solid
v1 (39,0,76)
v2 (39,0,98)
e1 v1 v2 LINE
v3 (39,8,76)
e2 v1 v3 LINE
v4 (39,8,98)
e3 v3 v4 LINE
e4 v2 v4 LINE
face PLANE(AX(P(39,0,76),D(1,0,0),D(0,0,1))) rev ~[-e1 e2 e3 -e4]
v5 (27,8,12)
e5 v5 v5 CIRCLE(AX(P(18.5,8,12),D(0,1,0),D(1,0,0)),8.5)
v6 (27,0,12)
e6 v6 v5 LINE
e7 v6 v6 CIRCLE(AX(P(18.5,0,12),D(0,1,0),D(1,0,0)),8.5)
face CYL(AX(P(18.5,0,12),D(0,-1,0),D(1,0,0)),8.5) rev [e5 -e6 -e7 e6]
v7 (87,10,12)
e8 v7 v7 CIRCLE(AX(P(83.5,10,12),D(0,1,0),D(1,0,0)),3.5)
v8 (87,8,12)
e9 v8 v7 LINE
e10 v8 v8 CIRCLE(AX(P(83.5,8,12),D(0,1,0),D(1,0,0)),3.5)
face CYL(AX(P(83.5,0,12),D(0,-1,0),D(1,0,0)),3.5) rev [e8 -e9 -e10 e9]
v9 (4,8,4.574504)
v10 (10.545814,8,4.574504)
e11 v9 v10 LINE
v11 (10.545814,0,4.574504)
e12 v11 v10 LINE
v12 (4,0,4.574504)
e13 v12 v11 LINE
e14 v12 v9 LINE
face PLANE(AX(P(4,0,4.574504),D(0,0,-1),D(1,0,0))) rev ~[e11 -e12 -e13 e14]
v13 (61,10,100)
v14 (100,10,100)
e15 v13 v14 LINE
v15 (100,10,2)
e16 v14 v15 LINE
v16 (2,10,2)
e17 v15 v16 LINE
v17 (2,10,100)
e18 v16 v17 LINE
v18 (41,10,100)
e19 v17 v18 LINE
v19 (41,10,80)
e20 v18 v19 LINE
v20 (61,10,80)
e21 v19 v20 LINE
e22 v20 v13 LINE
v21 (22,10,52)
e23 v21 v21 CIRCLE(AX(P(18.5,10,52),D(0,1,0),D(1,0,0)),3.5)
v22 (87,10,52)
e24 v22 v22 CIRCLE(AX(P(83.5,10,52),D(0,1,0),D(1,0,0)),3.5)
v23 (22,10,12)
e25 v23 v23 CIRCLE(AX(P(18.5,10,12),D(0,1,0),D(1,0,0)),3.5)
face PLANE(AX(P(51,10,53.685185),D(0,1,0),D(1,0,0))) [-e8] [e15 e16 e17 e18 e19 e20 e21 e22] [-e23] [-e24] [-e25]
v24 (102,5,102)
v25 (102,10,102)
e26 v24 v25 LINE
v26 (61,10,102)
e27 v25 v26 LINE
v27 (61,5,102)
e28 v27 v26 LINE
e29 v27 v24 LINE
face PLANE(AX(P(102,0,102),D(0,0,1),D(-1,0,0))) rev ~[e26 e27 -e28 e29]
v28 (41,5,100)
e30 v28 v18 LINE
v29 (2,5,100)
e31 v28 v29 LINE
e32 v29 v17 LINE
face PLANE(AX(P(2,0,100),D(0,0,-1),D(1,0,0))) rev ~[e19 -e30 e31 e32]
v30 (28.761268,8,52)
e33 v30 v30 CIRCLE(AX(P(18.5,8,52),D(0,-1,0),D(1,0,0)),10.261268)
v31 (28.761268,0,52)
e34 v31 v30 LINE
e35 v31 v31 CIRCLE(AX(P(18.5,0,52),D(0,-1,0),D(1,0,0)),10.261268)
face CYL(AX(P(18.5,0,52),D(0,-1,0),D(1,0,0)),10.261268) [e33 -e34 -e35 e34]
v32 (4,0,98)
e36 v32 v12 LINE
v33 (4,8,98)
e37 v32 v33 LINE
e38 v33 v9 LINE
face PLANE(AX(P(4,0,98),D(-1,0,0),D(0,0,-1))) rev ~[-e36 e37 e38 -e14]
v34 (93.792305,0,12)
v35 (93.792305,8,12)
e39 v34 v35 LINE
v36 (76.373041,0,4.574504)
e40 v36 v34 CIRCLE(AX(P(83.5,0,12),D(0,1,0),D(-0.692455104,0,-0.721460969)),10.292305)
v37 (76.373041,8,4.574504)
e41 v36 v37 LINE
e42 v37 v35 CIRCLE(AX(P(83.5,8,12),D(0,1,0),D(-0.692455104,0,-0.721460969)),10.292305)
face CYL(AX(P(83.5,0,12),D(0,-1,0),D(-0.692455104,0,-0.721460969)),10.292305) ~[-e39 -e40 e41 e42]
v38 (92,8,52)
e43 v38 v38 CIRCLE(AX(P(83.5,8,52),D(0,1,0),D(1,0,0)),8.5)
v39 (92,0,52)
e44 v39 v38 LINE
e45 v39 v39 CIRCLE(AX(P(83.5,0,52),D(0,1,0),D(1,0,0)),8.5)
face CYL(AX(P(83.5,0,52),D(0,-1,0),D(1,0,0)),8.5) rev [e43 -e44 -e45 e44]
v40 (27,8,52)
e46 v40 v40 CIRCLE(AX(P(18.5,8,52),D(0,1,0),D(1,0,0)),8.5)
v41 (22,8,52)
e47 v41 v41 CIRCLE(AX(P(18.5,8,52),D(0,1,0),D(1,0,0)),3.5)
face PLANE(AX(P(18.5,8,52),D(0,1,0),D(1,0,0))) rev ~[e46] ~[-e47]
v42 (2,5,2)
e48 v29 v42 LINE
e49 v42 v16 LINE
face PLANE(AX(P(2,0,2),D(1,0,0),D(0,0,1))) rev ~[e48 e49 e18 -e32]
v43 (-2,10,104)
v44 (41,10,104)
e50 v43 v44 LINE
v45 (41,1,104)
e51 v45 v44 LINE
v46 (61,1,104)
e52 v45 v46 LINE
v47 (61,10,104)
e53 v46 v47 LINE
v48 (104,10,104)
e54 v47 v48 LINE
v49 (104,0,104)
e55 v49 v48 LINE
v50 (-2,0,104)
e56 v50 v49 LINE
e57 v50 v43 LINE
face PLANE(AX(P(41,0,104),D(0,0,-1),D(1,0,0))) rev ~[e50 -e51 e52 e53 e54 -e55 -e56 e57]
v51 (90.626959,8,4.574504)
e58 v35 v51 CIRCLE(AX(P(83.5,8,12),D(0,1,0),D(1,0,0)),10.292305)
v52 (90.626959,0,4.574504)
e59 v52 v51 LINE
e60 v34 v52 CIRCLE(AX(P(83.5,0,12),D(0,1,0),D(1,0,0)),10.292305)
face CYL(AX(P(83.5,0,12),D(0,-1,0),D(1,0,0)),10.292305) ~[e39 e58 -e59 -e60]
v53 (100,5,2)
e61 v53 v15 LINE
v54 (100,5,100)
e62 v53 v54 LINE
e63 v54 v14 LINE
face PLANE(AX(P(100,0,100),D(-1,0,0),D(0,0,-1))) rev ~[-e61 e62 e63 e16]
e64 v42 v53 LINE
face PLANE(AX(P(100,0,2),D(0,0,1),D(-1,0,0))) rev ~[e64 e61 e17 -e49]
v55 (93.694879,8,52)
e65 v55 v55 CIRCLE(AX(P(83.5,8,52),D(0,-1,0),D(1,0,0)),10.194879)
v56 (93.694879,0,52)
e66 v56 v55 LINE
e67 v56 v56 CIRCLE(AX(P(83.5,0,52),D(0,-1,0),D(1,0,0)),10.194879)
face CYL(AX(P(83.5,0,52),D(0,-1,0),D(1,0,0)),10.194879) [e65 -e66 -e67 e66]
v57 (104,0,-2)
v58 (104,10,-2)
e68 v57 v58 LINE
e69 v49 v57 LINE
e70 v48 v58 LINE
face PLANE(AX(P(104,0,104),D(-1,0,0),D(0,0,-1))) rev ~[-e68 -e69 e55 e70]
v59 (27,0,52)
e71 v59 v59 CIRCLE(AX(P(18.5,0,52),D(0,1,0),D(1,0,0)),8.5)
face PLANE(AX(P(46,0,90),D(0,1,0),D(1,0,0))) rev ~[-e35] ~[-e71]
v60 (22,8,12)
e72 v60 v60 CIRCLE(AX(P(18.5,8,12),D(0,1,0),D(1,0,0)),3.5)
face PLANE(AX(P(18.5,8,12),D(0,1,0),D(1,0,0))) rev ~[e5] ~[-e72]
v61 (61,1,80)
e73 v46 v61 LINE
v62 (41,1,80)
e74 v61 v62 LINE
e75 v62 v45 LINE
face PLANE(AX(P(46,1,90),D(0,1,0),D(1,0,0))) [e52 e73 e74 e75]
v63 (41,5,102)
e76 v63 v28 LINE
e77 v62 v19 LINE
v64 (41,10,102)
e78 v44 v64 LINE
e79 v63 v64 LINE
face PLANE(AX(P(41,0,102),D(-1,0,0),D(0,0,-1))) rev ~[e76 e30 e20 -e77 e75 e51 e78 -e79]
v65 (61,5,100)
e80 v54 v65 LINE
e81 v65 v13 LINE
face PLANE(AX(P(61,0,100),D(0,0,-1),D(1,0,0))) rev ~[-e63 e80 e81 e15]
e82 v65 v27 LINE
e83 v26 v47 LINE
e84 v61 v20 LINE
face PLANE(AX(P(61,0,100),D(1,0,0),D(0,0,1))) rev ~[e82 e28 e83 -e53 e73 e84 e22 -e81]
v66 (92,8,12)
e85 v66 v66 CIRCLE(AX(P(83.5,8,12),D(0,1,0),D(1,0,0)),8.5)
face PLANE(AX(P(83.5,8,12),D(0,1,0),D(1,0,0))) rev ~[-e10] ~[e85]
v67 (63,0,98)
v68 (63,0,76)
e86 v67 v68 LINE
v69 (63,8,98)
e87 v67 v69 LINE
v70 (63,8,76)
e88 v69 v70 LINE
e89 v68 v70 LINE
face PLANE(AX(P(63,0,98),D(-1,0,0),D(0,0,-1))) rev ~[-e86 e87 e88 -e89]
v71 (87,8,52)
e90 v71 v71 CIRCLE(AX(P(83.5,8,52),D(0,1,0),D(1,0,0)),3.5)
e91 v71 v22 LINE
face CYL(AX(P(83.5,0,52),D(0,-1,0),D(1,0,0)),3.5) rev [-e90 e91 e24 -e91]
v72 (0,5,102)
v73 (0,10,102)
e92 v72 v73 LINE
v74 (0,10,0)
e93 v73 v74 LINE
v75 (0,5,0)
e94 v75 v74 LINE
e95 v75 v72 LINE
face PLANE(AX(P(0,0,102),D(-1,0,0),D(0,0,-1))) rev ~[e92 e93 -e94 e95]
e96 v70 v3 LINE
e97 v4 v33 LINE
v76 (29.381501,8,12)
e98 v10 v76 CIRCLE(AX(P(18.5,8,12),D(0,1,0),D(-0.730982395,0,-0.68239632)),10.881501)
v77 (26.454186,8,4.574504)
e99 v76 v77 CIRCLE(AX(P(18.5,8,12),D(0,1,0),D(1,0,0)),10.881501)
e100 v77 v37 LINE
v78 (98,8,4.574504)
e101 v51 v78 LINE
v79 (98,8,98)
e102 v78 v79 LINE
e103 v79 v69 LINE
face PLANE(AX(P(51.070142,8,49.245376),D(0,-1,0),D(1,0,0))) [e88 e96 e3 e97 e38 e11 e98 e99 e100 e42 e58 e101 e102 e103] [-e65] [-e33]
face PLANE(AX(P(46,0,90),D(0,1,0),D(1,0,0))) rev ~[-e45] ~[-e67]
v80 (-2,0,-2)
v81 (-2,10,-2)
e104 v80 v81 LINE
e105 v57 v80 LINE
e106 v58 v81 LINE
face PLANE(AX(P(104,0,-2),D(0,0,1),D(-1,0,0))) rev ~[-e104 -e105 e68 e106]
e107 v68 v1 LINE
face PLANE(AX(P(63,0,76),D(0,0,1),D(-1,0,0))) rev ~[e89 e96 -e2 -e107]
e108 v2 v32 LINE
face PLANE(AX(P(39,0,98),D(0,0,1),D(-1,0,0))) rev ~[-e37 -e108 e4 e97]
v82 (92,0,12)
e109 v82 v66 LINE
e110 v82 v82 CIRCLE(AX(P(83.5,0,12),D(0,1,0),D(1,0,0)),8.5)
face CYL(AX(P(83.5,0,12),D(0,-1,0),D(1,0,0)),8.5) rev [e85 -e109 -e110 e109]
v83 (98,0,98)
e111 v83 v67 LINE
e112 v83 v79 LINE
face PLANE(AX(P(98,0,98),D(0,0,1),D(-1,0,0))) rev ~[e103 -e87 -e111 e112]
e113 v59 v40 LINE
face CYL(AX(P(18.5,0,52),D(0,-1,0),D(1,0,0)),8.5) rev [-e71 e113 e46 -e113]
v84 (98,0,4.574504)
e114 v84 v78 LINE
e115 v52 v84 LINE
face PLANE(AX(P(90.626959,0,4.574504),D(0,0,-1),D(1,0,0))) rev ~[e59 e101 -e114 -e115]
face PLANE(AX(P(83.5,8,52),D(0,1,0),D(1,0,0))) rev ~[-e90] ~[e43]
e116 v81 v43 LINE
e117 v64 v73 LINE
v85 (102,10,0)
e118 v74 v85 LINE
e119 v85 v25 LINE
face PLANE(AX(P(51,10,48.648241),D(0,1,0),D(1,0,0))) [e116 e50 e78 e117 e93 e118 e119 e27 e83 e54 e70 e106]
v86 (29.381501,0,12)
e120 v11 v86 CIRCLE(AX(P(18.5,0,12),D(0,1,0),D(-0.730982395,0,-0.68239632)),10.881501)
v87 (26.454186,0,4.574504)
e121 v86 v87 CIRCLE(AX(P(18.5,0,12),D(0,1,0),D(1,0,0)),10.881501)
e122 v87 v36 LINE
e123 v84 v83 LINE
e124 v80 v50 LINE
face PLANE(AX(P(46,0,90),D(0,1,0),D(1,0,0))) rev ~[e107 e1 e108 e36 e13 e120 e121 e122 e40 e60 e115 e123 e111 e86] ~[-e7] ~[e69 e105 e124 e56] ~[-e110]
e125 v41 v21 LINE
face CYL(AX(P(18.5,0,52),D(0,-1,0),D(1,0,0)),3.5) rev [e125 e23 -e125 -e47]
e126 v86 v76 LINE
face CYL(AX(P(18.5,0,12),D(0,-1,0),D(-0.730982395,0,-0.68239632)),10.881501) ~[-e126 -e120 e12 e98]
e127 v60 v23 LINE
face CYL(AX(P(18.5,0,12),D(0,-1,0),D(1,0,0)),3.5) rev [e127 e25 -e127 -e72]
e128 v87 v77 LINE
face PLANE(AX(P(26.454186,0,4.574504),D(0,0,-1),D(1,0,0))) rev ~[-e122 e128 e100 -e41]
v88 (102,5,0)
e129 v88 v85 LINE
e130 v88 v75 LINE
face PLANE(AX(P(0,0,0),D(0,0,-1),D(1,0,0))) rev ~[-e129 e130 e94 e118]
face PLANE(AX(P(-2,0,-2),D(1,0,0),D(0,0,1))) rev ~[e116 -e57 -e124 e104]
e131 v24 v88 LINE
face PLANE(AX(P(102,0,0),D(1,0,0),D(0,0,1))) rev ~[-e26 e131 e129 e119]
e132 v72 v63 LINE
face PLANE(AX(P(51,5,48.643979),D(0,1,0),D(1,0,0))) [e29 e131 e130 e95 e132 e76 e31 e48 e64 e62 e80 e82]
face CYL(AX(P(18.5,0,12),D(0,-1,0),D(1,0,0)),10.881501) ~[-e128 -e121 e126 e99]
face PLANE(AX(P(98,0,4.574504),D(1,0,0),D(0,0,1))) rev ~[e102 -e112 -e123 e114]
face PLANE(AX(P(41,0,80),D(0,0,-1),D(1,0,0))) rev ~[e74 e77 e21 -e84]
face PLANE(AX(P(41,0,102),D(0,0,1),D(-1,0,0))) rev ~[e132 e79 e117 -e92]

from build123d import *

# Parameters (mm, degrees)
BOSS_EXTRUDE1_DEPTH   = 10
SKETCH1_R             = 3.5
BOSS_EXTRUDE1_2_DEPTH = 10
BOSS_EXTRUDE2_DEPTH   = 5
SKETCH1_6_W           = 20
SKETCH1_6_H           = 24
BOSS_EXTRUDE3_DEPTH   = 1
SKETCH1_7_R           = 8.5
SKETCH1_7_R_2         = 3.5
CUT_EXTRUDE1_DEPTH    = 8
SKETCH2_R             = 10.261268268
SKETCH2_R_2           = 10.194878558
CUT_EXTRUDE4_DEPTH    = 8


with BuildPart() as part:
    # Sketch1 → Boss-Extrude1 (new body)
    with BuildSketch(Plane(origin=(0, 0, 0), x_dir=(1, 0, 0), z_dir=(0, 1, 0))):
        Polygon((0, -102), (0, 0), (102, 0), (102, -102), (61, -102), (61, -104), (104, -104), (104, 2), (-2, 2), (-2, -104), (41, -104), (41, -102), align=None)
    extrude(amount=BOSS_EXTRUDE1_DEPTH)



with BuildPart() as body_2:
    # Sketch1 → Boss-Extrude1 2 (new body)
    with BuildSketch(Plane(origin=(0, 0, 0), x_dir=(1, 0, 0), z_dir=(0, 1, 0))):
        Polygon((2, -100), (41, -100), (41, -80), (61, -80), (61, -100), (100, -100), (100, -2), (2, -2), align=None)
        with Locations((18.5, -52)):
            Circle(SKETCH1_R, mode=Mode.SUBTRACT)
        with Locations((83.5, -52)):
            Circle(SKETCH1_R, mode=Mode.SUBTRACT)
        with Locations((18.5, -12)):
            Circle(SKETCH1_R, mode=Mode.SUBTRACT)
        with Locations((83.5, -12)):
            Circle(SKETCH1_R, mode=Mode.SUBTRACT)
    extrude(amount=BOSS_EXTRUDE1_2_DEPTH)


with BuildPart() as part_1:
    add(part.part)

    add(body_2.part)  # Boss-Extrude2 merges body 2
    # Sketch1<5> → Boss-Extrude2 (add)
    with BuildSketch(Plane(origin=(0, 0, 0), x_dir=(1, 0, 0), z_dir=(0, 1, 0))):
        Polygon((102, 0), (0, 0), (0, -102), (41, -102), (41, -100), (2, -100), (2, -2), (100, -2), (100, -100), (61, -100), (61, -102), (102, -102), align=None)
    extrude(amount=BOSS_EXTRUDE2_DEPTH)

    # Sketch1<6> → Boss-Extrude3 (add)
    with BuildSketch(Plane(origin=(0, 0, 0), x_dir=(1, 0, 0), z_dir=(0, 1, 0))):
        with Locations((51, -92)):
            Rectangle(SKETCH1_6_W, SKETCH1_6_H)
    extrude(amount=BOSS_EXTRUDE3_DEPTH)

    # Sketch1<7> → Cut-Extrude1 (cut)
    # profile 1 of 4: a face of its own
    with BuildSketch(Plane(origin=(0, 0, 0), x_dir=(1, 0, 0), z_dir=(0, 1, 0))):
        with Locations((18.5, -12)):
            Circle(SKETCH1_7_R)
        with Locations((18.5, -12)):
            Circle(SKETCH1_7_R_2, mode=Mode.SUBTRACT)
    # profile 2 of 4: a face of its own
    with BuildSketch(Plane(origin=(0, 0, 0), x_dir=(1, 0, 0), z_dir=(0, 1, 0))):
        with Locations((83.5, -12)):
            Circle(SKETCH1_7_R)
        with Locations((83.5, -12)):
            Circle(SKETCH1_7_R_2, mode=Mode.SUBTRACT)
    # profile 3 of 4: a face of its own
    with BuildSketch(Plane(origin=(0, 0, 0), x_dir=(1, 0, 0), z_dir=(0, 1, 0))):
        with Locations((18.5, -52)):
            Circle(SKETCH1_7_R)
        with Locations((18.5, -52)):
            Circle(SKETCH1_7_R_2, mode=Mode.SUBTRACT)
    # profile 4 of 4: a face of its own
    with BuildSketch(Plane(origin=(0, 0, 0), x_dir=(1, 0, 0), z_dir=(0, 1, 0))):
        with Locations((83.5, -52)):
            Circle(SKETCH1_7_R)
        with Locations((83.5, -52)):
            Circle(SKETCH1_7_R_2, mode=Mode.SUBTRACT)
    extrude(amount=CUT_EXTRUDE1_DEPTH, mode=Mode.SUBTRACT)

    # Sketch2 → Cut-Extrude4 (cut)
    with BuildSketch(Plane.XZ):
        with BuildLine():
            Line((98, 4.574503774), (98, 98))
            Line((98, 98), (63, 98))
            Line((63, 98), (63, 76))
            Line((63, 76), (51, 76))
            Line((51, 76), (39, 76))
            Line((39, 76), (39, 98))
            Line((39, 98), (4, 98))
            Line((4, 98), (4, 4.574503774))
            Line((4, 4.574503774), (10.545814352, 4.574503774))
            ThreePointArc((10.545814352, 4.574503774), (14.509161453, 22.123253983), (29.381500977, 12))
            ThreePointArc((29.381500977, 12), (28.623253983, 8.009161453), (26.454185648, 4.574503774))
            Line((26.454185648, 4.574503774), (76.37304098, 4.574503774))
            ThreePointArc((76.37304098, 4.574503774), (79.46399305, 21.467955797), (93.792304848, 12))
            ThreePointArc((93.792304848, 12), (92.967955797, 7.96399305), (90.62695902, 4.574503774))
            Line((90.62695902, 4.574503774), (98, 4.574503774))
        make_face()
        with Locations((18.5, 52)):
            Circle(SKETCH2_R, mode=Mode.SUBTRACT)
        with Locations((83.5, 52)):
            Circle(SKETCH2_R_2, mode=Mode.SUBTRACT)
    extrude(amount=-CUT_EXTRUDE4_DEPTH, mode=Mode.SUBTRACT)


solid = part_1.part
